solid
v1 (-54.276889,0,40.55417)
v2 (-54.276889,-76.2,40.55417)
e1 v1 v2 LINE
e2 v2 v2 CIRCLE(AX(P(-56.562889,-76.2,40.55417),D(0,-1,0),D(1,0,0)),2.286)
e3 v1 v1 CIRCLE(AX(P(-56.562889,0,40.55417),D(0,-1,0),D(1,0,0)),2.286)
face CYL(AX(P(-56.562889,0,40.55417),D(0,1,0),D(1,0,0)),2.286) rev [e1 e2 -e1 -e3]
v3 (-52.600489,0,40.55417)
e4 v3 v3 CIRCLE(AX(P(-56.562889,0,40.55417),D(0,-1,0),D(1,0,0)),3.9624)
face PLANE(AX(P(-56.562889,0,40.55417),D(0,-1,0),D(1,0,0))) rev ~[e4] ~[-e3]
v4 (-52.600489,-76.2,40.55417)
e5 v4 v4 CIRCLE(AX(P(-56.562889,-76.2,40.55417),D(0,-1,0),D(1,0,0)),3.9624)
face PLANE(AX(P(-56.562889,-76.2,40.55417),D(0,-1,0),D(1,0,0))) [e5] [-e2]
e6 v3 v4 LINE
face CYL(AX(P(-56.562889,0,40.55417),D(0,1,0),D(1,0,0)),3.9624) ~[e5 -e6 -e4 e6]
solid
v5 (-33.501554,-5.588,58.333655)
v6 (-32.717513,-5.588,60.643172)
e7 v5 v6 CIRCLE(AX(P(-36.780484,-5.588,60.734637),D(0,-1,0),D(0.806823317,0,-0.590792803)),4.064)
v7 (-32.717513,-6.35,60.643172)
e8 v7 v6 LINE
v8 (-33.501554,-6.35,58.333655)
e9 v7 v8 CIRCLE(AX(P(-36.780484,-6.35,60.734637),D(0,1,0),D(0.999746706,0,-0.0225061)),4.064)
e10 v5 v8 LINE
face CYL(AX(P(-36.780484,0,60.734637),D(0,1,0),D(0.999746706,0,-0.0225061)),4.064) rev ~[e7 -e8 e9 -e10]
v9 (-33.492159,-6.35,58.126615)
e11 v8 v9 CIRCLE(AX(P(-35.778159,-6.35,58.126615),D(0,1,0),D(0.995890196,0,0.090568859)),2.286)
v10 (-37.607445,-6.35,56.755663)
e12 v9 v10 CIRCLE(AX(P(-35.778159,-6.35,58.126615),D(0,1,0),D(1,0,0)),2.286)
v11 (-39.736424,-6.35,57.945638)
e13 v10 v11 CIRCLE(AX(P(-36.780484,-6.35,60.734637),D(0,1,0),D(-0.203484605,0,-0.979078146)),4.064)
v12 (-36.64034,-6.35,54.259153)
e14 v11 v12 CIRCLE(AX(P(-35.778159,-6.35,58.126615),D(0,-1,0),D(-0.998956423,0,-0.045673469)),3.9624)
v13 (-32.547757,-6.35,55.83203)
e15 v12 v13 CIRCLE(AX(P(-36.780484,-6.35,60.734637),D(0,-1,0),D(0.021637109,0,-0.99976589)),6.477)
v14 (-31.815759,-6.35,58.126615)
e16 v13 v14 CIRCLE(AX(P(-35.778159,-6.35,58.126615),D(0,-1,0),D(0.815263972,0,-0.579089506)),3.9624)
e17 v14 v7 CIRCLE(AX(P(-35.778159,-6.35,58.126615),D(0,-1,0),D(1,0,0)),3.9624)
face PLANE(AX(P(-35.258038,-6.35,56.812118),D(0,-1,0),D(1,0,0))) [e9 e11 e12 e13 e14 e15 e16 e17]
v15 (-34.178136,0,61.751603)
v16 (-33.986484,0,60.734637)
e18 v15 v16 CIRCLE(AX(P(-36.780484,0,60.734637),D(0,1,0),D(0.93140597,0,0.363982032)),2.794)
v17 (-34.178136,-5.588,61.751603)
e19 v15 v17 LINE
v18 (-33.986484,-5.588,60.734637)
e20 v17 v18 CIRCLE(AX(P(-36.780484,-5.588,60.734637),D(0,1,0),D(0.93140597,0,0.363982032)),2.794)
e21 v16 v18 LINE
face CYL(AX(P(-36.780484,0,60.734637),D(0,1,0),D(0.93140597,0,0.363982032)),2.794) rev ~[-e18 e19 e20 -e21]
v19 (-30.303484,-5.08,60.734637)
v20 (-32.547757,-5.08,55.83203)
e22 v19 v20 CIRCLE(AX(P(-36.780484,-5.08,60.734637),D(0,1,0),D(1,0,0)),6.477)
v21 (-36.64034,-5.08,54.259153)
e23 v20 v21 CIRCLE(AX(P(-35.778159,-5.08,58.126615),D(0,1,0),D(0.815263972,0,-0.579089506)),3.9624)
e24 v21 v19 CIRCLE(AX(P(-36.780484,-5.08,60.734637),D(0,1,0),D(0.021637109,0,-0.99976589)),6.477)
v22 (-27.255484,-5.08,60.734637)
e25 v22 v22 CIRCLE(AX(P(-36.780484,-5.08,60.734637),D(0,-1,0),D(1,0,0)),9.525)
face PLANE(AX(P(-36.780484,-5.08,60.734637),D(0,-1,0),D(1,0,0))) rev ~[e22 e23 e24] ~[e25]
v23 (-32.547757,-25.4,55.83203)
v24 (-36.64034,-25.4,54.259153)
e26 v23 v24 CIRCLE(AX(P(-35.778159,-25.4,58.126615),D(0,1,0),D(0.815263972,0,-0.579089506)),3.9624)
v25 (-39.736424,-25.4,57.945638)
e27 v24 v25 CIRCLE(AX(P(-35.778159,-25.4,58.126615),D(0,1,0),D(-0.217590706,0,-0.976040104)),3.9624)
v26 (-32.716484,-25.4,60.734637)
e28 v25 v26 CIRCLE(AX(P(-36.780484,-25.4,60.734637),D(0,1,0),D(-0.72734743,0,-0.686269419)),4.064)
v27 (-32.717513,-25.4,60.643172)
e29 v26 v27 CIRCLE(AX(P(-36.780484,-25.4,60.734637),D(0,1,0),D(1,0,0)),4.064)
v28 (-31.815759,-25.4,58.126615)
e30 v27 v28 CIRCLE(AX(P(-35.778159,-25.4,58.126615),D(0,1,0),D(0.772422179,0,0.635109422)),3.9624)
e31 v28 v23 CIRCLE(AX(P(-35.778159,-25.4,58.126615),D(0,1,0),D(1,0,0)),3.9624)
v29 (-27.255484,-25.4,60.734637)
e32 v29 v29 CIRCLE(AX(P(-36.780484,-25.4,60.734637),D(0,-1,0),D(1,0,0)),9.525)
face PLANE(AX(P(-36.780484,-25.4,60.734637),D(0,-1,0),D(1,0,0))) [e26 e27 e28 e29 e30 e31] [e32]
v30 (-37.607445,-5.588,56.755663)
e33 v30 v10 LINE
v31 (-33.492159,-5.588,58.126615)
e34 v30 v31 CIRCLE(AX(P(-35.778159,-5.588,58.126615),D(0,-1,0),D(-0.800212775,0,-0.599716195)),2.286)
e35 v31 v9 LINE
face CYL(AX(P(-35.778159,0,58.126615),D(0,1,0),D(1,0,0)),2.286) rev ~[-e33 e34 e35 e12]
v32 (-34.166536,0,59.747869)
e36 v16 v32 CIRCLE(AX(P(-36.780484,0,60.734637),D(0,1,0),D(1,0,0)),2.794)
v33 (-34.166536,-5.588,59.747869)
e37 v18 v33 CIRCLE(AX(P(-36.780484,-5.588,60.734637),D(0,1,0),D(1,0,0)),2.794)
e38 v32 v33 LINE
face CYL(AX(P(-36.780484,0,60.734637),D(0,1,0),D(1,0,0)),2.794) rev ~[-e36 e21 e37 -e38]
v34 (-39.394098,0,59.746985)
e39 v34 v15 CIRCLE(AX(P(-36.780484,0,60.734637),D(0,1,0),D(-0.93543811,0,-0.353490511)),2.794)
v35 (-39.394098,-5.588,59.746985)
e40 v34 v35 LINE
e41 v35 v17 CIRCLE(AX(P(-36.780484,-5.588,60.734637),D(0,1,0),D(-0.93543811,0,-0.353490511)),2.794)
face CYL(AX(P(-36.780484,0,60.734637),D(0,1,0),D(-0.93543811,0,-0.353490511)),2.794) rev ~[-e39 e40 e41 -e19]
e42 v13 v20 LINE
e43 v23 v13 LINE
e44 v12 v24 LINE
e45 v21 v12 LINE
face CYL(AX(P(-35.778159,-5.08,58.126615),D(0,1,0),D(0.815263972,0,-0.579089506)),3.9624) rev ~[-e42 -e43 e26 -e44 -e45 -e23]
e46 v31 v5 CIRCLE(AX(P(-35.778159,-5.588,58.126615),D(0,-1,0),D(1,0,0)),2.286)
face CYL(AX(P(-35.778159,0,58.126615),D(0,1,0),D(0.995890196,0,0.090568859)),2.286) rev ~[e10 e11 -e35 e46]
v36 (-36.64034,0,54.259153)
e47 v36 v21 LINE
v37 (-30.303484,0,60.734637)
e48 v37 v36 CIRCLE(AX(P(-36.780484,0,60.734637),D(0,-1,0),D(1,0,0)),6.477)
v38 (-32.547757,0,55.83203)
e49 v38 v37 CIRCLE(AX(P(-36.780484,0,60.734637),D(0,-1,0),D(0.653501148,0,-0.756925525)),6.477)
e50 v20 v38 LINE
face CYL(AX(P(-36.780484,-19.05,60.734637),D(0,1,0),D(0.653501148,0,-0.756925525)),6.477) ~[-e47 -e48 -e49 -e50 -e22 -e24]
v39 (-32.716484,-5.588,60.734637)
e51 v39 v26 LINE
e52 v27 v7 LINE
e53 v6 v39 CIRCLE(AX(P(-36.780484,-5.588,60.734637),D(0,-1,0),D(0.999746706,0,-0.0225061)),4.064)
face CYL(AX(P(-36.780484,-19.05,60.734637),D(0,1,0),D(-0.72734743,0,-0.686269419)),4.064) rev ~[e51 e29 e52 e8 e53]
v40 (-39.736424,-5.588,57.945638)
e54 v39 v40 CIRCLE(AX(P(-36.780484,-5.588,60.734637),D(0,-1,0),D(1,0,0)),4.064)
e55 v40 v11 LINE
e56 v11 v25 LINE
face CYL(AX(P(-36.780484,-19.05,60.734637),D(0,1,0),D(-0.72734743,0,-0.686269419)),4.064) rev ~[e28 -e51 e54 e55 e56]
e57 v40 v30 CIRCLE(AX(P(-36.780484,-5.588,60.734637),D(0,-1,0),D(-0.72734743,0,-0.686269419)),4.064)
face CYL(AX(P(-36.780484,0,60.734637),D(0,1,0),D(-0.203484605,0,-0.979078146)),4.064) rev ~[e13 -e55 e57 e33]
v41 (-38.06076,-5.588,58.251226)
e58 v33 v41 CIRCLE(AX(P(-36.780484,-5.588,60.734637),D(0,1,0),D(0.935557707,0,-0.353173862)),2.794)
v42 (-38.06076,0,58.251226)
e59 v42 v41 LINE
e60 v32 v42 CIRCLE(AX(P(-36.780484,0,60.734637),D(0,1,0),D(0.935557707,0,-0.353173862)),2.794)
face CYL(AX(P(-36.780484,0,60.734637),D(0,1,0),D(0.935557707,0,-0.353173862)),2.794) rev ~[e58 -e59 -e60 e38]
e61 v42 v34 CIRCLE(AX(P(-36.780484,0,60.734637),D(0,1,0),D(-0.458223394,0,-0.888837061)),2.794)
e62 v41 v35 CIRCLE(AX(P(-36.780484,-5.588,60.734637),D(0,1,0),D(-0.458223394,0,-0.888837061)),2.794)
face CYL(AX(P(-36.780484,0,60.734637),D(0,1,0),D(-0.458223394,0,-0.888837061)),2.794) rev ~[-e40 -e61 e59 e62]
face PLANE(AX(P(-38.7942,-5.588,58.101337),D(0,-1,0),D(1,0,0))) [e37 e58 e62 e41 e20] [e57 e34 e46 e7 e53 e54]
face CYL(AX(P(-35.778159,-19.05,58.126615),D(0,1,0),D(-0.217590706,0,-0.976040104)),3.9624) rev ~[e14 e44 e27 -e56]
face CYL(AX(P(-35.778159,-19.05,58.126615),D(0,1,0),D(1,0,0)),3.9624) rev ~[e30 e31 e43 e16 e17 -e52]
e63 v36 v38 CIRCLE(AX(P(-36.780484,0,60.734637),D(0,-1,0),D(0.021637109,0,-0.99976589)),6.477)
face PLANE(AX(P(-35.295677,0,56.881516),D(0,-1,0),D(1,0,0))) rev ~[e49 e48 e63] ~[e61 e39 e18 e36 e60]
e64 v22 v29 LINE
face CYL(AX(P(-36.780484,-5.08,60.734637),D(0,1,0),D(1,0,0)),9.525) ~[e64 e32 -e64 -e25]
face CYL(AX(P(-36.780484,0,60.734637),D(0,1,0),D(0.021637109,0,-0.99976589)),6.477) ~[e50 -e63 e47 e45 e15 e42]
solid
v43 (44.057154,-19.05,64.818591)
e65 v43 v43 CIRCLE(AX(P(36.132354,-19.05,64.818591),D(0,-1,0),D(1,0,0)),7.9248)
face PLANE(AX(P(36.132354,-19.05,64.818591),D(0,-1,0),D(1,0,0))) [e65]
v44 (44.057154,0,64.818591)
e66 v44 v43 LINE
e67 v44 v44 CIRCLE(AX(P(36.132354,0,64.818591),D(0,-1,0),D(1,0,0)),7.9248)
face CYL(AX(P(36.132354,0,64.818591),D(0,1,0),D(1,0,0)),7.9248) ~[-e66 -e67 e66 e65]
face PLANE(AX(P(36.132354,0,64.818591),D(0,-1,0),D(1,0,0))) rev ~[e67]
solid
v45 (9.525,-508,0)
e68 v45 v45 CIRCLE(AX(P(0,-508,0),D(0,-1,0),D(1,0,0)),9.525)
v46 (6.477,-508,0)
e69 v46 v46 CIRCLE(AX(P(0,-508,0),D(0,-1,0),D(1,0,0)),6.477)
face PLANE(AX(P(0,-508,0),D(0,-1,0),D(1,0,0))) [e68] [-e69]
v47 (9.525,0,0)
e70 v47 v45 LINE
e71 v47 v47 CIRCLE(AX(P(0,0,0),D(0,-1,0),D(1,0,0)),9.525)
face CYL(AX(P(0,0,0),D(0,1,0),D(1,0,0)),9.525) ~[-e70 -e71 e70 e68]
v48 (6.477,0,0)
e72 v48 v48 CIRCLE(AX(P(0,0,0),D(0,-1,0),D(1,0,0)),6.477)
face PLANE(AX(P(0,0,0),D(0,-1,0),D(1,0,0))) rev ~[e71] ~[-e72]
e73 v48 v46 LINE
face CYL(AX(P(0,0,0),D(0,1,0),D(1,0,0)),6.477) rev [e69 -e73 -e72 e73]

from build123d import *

# Parameters (mm, degrees)
F0_R     = 9.525
F0_R_2   = 6.477
F1_DEPTH = 508
F2_DEPTH = 19.05
F0_R_3   = 7.9248
F3_DEPTH = 6.35
F4_DEPTH = 5.588
F5_START = 5.08
F5_DEPTH = 20.32
F6_DEPTH = 6.35
F7_DEPTH = 5.588
F0_R_4   = 3.9624
F0_R_5   = 2.286
F8_DEPTH = 76.2


with BuildPart() as f1:
    # F0 (on Front) → F1 (new body)
    with BuildSketch(Plane.XZ):
        Circle(F0_R)
        Circle(F0_R_2, mode=Mode.SUBTRACT)
    extrude(amount=F1_DEPTH)


with BuildPart() as f2:
    # F0 (on Front) → F2 (new body)
    with BuildSketch(Plane.XZ):
        with BuildLine():
            ThreePointArc((-32.547757087, 55.8320304582), (-30.8912183046, 58.0386997075), (-30.3034840207, 60.7346370816))
            ThreePointArc((-30.3034840207, 60.7346370816), (-41.4096977129, 65.2647485143), (-36.6403404641, 54.2591534098))
            ThreePointArc((-36.6403404641, 54.2591534098), (-38.8124164864, 55.5783024206), (-39.7364239778, 57.9456381626))
            ThreePointArc((-39.7364239778, 57.9456381626), (-38.2810099309, 64.5114767648), (-32.7164840207, 60.7346370816))
            ThreePointArc((-32.7164840207, 60.7346370816), (-32.7167413759, 60.6889017907), (-32.7175134089, 60.6431722922))
            ThreePointArc((-32.7175134089, 60.6431722922), (-32.0480038214, 59.4632357327), (-31.815759049, 58.1266147176))
            ThreePointArc((-31.815759049, 58.1266147176), (-32.0031915992, 56.9223578875), (-32.547757087, 55.8320304582))
        make_face()
    extrude(amount=F2_DEPTH)

    # F3 (add): a face of the model
    f3_faces = [f2.faces().sort_by_distance(p)[0] for p in [
        (-31.6351399696, -19.05, 58.2727969972),
    ]]
    extrude(f3_faces, amount=F3_DEPTH)

    # F0 (on Front) → F4 (join)
    with BuildSketch(Plane.XZ):
        with BuildLine():
            ThreePointArc((-39.394098101, 59.7469845926), (-39.6708899318, 58.8663849751), (-39.7364239778, 57.9456381626))
            ThreePointArc((-39.7364239778, 57.9456381626), (-38.7633091915, 57.1871731506), (-37.6074454536, 56.7556634968))
            ThreePointArc((-37.6074454536, 56.7556634968), (-37.9658706012, 57.4635052515), (-38.0607601848, 58.2512263335))
            ThreePointArc((-38.0607601848, 58.2512263335), (-38.8661298443, 58.8754658957), (-39.394098101, 59.7469845926))
        make_face()
        with BuildLine():
            ThreePointArc((-38.0607601848, 58.2512263335), (-37.9658706012, 57.4635052515), (-37.6074454536, 56.7556634968))
            ThreePointArc((-37.6074454536, 56.7556634968), (-35.3225567891, 56.9411500067), (-33.5015540619, 58.3336551314))
            ThreePointArc((-33.5015540619, 58.3336551314), (-33.7094444319, 59.0993509785), (-34.1665357868, 59.7478693123))
            ThreePointArc((-34.1665357868, 59.7478693123), (-35.778159049, 58.1266147176), (-38.0607601848, 58.2512263335))
        make_face()
        with BuildLine():
            ThreePointArc((-33.5015540619, 58.3336551314), (-32.9321930525, 59.4282096539), (-32.7175134089, 60.6431722922))
            ThreePointArc((-32.7175134089, 60.6431722922), (-33.3828274746, 61.2830368074), (-34.1781357417, 61.7516028799))
            ThreePointArc((-34.1781357417, 61.7516028799), (-34.0348149682, 61.252070608), (-33.9864840207, 60.7346370816))
            ThreePointArc((-33.9864840207, 60.7346370816), (-34.0318655163, 60.2331071052), (-34.1665357868, 59.7478693123))
            ThreePointArc((-34.1665357868, 59.7478693123), (-33.7094444319, 59.0993509785), (-33.5015540619, 58.3336551314))
        make_face()
        with BuildLine():
            ThreePointArc((-32.7164840207, 60.7346370816), (-38.2810099309, 64.5114767648), (-39.7364239778, 57.9456381626))
            ThreePointArc((-39.7364239778, 57.9456381626), (-39.6708899318, 58.8663849751), (-39.394098101, 59.7469845926))
            ThreePointArc((-39.394098101, 59.7469845926), (-37.7828089924, 63.3426594456), (-34.1781357417, 61.7516028799))
            ThreePointArc((-34.1781357417, 61.7516028799), (-33.3828274746, 61.2830368074), (-32.7175134089, 60.6431722922))
            ThreePointArc((-32.7175134089, 60.6431722922), (-32.7167413759, 60.6889017907), (-32.7164840207, 60.7346370816))
        make_face()
    extrude(amount=F4_DEPTH)

    # F0 (on Front) → F5 (join)
    with BuildSketch(Plane.XZ.offset(F5_START)):
        with Locations((-36.7804840207, 60.7346370816)):
            Circle(F0_R)
        with BuildLine():
            ThreePointArc((-36.6403404641, 54.2591534098), (-41.4096977129, 65.2647485143), (-30.3034840207, 60.7346370816))
            ThreePointArc((-30.3034840207, 60.7346370816), (-30.8912183046, 58.0386997075), (-32.547757087, 55.8320304582))
            ThreePointArc((-32.547757087, 55.8320304582), (-34.3566799981, 54.4279648196), (-36.6403404641, 54.2591534098))
        make_face(mode=Mode.SUBTRACT)
    extrude(amount=F5_DEPTH)

    # F0 (on Front) → F6 (join)
    with BuildSketch(Plane.XZ):
        with BuildLine():
            ThreePointArc((-39.7364239778, 57.9456381626), (-38.8124164864, 55.5783024206), (-36.6403404641, 54.2591534098))
            ThreePointArc((-36.6403404641, 54.2591534098), (-34.4569124953, 54.688767056), (-32.547757087, 55.8320304582))
            ThreePointArc((-32.547757087, 55.8320304582), (-32.0031915992, 56.9223578875), (-31.815759049, 58.1266147176))
            ThreePointArc((-31.815759049, 58.1266147176), (-32.0480038214, 59.4632357327), (-32.7175134089, 60.6431722922))
            ThreePointArc((-32.7175134089, 60.6431722922), (-32.9321930525, 59.4282096539), (-33.5015540619, 58.3336551314))
            ThreePointArc((-33.5015540619, 58.3336551314), (-33.4945090101, 58.2302414507), (-33.492159049, 58.1266147176))
            ThreePointArc((-33.492159049, 58.1266147176), (-35.0556470148, 55.9577965232), (-37.6074454536, 56.7556634968))
            ThreePointArc((-37.6074454536, 56.7556634968), (-38.7633091915, 57.1871731506), (-39.7364239778, 57.9456381626))
        make_face()
    extrude(amount=F6_DEPTH)

    # F0 (on Front) → F7 (join)
    with BuildSketch(Plane.XZ):
        with BuildLine():
            ThreePointArc((-33.5015540619, 58.3336551314), (-35.3225567891, 56.9411500067), (-37.6074454536, 56.7556634968))
            ThreePointArc((-37.6074454536, 56.7556634968), (-35.0556470148, 55.9577965232), (-33.492159049, 58.1266147176))
            ThreePointArc((-33.492159049, 58.1266147176), (-33.4945090101, 58.2302414507), (-33.5015540619, 58.3336551314))
        make_face()
    extrude(amount=F7_DEPTH)


with BuildPart() as f2b:
    # F0 (on Front) → F2, piece 2 (new body)
    with BuildSketch(Plane.XZ):
        with Locations((36.1323542893, 64.8185908794)):
            Circle(F0_R_3)
    extrude(amount=F2_DEPTH)


with BuildPart() as f8:
    # F0 (on Front) → F8 (new body)
    with BuildSketch(Plane.XZ):
        with Locations((-56.5628893673, 40.5541695654)):
            Circle(F0_R_4)
        with Locations((-56.5628893673, 40.5541695654)):
            Circle(F0_R_5, mode=Mode.SUBTRACT)
    extrude(amount=F8_DEPTH)


solid = Compound([f1.part, f2.part, f2b.part, f8.part])
